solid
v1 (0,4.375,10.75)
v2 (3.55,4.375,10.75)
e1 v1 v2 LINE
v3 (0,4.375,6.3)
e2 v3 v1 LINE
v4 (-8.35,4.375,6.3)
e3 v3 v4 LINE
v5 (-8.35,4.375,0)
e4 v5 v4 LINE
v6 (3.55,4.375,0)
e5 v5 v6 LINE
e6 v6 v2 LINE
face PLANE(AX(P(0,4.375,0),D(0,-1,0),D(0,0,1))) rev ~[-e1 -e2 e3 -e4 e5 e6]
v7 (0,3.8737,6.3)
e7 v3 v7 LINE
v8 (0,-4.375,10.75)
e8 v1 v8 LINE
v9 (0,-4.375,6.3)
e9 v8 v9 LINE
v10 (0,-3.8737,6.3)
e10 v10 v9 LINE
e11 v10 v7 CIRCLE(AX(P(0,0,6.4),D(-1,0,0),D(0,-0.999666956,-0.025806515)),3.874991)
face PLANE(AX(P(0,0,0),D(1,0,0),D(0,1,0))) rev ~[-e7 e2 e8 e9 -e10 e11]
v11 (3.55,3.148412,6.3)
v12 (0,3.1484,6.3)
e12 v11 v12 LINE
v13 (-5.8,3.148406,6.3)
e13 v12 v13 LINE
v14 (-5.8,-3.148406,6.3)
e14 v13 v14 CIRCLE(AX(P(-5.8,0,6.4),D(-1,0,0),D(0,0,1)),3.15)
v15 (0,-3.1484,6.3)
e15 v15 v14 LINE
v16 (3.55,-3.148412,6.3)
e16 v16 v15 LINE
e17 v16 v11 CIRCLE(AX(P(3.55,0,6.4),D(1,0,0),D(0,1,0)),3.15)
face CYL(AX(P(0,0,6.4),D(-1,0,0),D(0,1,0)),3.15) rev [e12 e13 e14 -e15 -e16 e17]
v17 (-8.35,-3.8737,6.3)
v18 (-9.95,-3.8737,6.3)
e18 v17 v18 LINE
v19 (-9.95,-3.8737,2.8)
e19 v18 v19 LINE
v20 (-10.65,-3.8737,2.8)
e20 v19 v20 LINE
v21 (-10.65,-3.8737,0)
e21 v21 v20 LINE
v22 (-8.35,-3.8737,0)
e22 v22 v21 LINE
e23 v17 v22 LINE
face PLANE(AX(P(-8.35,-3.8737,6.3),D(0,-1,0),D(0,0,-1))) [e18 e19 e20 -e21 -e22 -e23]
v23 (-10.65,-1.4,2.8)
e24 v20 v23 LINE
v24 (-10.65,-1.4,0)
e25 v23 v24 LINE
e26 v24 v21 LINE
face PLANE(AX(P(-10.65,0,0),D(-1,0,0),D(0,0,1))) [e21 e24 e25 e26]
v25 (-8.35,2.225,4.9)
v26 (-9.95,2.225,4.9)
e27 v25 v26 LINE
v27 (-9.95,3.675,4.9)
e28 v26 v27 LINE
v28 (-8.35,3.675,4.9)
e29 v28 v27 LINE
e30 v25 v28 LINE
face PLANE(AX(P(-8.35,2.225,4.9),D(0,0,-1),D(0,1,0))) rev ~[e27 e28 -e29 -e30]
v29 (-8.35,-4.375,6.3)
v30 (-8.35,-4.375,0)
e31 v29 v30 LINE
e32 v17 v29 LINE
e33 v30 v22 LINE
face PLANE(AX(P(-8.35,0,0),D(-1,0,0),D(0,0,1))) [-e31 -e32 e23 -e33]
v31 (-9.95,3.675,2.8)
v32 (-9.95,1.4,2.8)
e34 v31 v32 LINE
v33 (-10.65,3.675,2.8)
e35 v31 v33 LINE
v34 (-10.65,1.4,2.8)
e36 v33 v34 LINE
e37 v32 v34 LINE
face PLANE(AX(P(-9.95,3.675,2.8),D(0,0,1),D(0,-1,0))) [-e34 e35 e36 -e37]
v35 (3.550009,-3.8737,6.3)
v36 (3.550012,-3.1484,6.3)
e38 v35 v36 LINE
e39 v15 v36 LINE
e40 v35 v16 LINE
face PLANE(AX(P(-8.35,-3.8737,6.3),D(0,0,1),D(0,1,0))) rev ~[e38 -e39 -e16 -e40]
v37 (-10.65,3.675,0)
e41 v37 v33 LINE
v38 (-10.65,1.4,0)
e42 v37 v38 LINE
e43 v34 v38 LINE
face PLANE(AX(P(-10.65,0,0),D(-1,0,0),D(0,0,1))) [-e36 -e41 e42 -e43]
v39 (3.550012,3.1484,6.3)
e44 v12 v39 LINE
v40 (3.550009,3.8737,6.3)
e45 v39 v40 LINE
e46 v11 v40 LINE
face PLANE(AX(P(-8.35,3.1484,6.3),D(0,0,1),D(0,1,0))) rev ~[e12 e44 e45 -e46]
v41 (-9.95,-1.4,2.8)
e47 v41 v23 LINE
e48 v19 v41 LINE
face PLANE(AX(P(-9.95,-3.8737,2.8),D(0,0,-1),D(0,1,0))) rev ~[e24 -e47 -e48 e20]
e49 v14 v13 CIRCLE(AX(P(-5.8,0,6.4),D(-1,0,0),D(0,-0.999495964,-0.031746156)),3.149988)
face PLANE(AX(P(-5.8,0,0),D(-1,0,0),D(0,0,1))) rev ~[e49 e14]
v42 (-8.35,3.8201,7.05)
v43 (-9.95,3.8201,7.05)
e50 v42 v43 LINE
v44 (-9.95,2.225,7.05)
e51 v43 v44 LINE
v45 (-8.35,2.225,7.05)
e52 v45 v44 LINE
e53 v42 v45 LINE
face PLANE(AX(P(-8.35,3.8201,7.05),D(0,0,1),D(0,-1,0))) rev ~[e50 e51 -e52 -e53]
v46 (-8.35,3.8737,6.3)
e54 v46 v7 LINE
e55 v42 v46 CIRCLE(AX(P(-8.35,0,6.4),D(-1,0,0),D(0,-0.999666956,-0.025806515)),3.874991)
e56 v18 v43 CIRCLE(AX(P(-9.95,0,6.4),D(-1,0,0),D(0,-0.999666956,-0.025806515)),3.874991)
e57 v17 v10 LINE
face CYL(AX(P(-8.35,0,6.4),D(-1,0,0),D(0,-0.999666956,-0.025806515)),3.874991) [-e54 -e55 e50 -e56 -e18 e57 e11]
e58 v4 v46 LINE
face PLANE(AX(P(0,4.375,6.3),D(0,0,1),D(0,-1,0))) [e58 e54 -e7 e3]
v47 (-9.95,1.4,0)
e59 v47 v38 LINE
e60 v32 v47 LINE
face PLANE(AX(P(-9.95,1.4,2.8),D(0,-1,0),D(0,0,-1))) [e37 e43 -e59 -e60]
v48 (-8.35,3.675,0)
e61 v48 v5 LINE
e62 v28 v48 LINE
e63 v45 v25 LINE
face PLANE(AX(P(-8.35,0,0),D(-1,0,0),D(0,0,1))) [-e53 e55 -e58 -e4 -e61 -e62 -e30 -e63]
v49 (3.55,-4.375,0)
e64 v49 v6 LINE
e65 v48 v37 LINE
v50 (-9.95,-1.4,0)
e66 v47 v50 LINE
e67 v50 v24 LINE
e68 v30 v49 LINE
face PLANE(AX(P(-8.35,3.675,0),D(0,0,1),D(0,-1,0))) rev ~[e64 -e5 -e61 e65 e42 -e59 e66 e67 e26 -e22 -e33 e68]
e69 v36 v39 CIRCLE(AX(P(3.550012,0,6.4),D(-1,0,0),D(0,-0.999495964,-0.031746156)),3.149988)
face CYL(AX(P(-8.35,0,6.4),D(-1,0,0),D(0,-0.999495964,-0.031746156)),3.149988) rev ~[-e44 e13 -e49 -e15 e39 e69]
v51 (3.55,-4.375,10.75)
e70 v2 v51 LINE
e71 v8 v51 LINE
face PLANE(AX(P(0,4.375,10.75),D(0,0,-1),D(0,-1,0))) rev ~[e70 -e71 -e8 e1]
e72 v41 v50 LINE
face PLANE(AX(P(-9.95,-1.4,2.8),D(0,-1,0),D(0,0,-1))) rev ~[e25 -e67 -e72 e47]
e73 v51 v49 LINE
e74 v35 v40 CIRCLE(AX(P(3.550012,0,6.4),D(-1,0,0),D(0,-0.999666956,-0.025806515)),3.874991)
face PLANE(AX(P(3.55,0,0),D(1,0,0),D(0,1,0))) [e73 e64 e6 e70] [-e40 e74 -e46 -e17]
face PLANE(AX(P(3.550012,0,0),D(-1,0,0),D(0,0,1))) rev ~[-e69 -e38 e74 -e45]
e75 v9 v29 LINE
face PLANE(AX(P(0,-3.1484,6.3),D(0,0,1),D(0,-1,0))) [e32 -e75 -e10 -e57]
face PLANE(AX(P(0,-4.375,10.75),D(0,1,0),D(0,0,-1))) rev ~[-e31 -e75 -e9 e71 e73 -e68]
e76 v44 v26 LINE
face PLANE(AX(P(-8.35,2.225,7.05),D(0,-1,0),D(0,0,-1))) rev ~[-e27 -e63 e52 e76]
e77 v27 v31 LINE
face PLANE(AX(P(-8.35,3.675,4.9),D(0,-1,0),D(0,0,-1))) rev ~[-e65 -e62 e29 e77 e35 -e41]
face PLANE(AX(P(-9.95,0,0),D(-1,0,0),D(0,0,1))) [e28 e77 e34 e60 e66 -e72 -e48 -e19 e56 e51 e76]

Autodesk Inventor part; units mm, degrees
ref_plane "YZ Plane" through (0, 0, 0) normal (1, 0, 0) x (0, 1, 0)
ref_plane "XZ Plane" through (0, 0, 0) normal (0, 1, 0) x (-1, 0, 0)
ref_plane "XY Plane" through (0, 0, 0) normal (0, 0, 1) x (1, 0, 0)
sketch "Sketch1" plane through (0, 0, 0) normal (1, 0, 0) x (0, 1, 0)
  line L0 (-4.375, 0) -> (4.375, 0)
  line L1 (4.375, 0) -> (4.375, 10.75)
  line L2 (4.375, 10.75) -> (-4.375, 10.75)
  line L3 (-4.375, 10.75) -> (-4.375, 0)
  circle A0 centre (0, 6.4) radius 3.15
  point P0 (0, 0)
  point P1 (0, 10.75)
  dimension "d0" = 8.75
  dimension "d1" = 10.75
  dimension "d2" = 6.3
  dimension "d3" = 1.2
extrude "Extrusion1" add sketch "Sketch1" along normal blind 3.55
sketch "Sketch2" plane through (0, 0, 0) normal (-1, 0, 0) x (0, 0, 1)
  circle A0 centre (6.4, 0) radius 3.15 projected
  line L0 (0, -4.375) -> (0, 4.375) projected
  line L1 (10.75, -4.375) -> (0, -4.375) projected
  line L2 (0, 4.375) -> (10.75, 4.375) projected
  line L3 (6.3, 4.375) -> (6.3, 3.1484)
  line L4 (6.3, -3.1484) -> (6.3, -4.375)
  point P0 (0, 0)
  dimension "d7" = 6.3
extrude "Extrusion2" add sketch "Sketch2" along normal blind 8.35 contours A0 L4 L1 L0 L2 L3
sketch "Sketch3" plane through (-8.35, 0, 0) normal (-1, 0, 0) x (0, 0, 1)
  line L0 (6.3, -4.375) -> (6.3, -3.1484) projected
  arc A0 (6.3, 3.1484) -> (6.3, -3.1484) centre (6.4, 0) ccw projected
  line L1 (6.3, 3.1484) -> (6.3, 4.375) projected
  arc A1 (6.3, -3.8737) -> (6.3, 3.8737) centre (6.4, 0) ccw
  arc A2 (6.3, -3.1484) -> (6.3, 3.1484) centre (6.4, 0) ccw projected
  line L2 (6.3, 3.8737) -> (6.3, 3.1484)
  line L3 (6.3, -3.1484) -> (6.3, -3.8737)
  point P0 (0, 0)
  dimension "d10" = 3.875
extrude "Extrusion3" add sketch "Sketch3" against normal up to next contours L0 A2 L1 A1
sketch "Sketch4" plane through (-8.35, 0, 0) normal (-1, 0, 0) x (0, 0, 1)
  circle A0 centre (6.4, 0) radius 3.15 projected
  point P0 (0, 0)
extrude "Extrusion4" add sketch "Sketch4" against normal blind 2.55
sketch "Sketch5" plane through (-8.35, 0, 0) normal (-1, 0, 0) x (0, 0, 1)
  line L0 (6.3, 4.375) -> (0, 4.375) projected
  line L1 (0, 4.375) -> (0, -4.375) projected
  line L2 (6.3, -4.375) -> (6.3, -3.8737) projected
  arc A0 (6.3, -3.8737) -> (6.3, 3.8737) centre (6.4, 0) ccw projected
  line L3 (7.05, 3.8201) -> (7.05, 2.225)
  line L4 (7.05, 2.225) -> (4.9, 2.225)
  line L5 (4.9, 2.225) -> (4.9, 3.675)
  line L6 (4.9, 3.675) -> (0, 3.675)
  line L7 (6.3, -3.8737) -> (0, -3.8737)
  line L8 (0, 3.675) -> (0, -3.8737)
  arc A1 (6.3, -3.8737) -> (7.05, 3.8201) centre (6.4, 0) ccw
  point P0 (0, 0)
  dimension "d15" = 2.15
  dimension "d17" = 4.9
  dimension "d18" = 0.7
  dimension "d19" = 2.15
extrude "Extrusion5" add sketch "Sketch5" along normal blind 1.6
sketch "Sketch6" plane through (-9.95, 0, 0) normal (-1, 0, 0) x (0, 0, 1)
  line L0 (0, 3.675) -> (0, -3.8737) projected
  line L1 (0, 3.675) -> (2.8, 3.675)
  line L2 (2.8, 3.675) -> (2.8, 1.4)
  line L3 (2.8, 1.4) -> (0, 1.4)
  line L4 (0, 1.4) -> (0, 3.675)
  line L5 (0, -3.8737) -> (2.8, -3.8737)
  line L6 (2.8, -3.8737) -> (2.8, -1.4)
  line L7 (2.8, -1.4) -> (0, -1.4)
  line L8 (0, -1.4) -> (0, -3.8737)
  arc A0 (6.3, -3.8737) -> (7.05, 3.8201) centre (6.4, 0) ccw projected
  point P0 (0, 0)
  dimension "d25" = 2.8
  dimension "d28" = 1.4
  dimension "d29" = 1.4
extrude "Extrusion6" add sketch "Sketch6" along normal blind 0.7
equation "\"d29\" = d28"
properties material "ABS Plastic"
